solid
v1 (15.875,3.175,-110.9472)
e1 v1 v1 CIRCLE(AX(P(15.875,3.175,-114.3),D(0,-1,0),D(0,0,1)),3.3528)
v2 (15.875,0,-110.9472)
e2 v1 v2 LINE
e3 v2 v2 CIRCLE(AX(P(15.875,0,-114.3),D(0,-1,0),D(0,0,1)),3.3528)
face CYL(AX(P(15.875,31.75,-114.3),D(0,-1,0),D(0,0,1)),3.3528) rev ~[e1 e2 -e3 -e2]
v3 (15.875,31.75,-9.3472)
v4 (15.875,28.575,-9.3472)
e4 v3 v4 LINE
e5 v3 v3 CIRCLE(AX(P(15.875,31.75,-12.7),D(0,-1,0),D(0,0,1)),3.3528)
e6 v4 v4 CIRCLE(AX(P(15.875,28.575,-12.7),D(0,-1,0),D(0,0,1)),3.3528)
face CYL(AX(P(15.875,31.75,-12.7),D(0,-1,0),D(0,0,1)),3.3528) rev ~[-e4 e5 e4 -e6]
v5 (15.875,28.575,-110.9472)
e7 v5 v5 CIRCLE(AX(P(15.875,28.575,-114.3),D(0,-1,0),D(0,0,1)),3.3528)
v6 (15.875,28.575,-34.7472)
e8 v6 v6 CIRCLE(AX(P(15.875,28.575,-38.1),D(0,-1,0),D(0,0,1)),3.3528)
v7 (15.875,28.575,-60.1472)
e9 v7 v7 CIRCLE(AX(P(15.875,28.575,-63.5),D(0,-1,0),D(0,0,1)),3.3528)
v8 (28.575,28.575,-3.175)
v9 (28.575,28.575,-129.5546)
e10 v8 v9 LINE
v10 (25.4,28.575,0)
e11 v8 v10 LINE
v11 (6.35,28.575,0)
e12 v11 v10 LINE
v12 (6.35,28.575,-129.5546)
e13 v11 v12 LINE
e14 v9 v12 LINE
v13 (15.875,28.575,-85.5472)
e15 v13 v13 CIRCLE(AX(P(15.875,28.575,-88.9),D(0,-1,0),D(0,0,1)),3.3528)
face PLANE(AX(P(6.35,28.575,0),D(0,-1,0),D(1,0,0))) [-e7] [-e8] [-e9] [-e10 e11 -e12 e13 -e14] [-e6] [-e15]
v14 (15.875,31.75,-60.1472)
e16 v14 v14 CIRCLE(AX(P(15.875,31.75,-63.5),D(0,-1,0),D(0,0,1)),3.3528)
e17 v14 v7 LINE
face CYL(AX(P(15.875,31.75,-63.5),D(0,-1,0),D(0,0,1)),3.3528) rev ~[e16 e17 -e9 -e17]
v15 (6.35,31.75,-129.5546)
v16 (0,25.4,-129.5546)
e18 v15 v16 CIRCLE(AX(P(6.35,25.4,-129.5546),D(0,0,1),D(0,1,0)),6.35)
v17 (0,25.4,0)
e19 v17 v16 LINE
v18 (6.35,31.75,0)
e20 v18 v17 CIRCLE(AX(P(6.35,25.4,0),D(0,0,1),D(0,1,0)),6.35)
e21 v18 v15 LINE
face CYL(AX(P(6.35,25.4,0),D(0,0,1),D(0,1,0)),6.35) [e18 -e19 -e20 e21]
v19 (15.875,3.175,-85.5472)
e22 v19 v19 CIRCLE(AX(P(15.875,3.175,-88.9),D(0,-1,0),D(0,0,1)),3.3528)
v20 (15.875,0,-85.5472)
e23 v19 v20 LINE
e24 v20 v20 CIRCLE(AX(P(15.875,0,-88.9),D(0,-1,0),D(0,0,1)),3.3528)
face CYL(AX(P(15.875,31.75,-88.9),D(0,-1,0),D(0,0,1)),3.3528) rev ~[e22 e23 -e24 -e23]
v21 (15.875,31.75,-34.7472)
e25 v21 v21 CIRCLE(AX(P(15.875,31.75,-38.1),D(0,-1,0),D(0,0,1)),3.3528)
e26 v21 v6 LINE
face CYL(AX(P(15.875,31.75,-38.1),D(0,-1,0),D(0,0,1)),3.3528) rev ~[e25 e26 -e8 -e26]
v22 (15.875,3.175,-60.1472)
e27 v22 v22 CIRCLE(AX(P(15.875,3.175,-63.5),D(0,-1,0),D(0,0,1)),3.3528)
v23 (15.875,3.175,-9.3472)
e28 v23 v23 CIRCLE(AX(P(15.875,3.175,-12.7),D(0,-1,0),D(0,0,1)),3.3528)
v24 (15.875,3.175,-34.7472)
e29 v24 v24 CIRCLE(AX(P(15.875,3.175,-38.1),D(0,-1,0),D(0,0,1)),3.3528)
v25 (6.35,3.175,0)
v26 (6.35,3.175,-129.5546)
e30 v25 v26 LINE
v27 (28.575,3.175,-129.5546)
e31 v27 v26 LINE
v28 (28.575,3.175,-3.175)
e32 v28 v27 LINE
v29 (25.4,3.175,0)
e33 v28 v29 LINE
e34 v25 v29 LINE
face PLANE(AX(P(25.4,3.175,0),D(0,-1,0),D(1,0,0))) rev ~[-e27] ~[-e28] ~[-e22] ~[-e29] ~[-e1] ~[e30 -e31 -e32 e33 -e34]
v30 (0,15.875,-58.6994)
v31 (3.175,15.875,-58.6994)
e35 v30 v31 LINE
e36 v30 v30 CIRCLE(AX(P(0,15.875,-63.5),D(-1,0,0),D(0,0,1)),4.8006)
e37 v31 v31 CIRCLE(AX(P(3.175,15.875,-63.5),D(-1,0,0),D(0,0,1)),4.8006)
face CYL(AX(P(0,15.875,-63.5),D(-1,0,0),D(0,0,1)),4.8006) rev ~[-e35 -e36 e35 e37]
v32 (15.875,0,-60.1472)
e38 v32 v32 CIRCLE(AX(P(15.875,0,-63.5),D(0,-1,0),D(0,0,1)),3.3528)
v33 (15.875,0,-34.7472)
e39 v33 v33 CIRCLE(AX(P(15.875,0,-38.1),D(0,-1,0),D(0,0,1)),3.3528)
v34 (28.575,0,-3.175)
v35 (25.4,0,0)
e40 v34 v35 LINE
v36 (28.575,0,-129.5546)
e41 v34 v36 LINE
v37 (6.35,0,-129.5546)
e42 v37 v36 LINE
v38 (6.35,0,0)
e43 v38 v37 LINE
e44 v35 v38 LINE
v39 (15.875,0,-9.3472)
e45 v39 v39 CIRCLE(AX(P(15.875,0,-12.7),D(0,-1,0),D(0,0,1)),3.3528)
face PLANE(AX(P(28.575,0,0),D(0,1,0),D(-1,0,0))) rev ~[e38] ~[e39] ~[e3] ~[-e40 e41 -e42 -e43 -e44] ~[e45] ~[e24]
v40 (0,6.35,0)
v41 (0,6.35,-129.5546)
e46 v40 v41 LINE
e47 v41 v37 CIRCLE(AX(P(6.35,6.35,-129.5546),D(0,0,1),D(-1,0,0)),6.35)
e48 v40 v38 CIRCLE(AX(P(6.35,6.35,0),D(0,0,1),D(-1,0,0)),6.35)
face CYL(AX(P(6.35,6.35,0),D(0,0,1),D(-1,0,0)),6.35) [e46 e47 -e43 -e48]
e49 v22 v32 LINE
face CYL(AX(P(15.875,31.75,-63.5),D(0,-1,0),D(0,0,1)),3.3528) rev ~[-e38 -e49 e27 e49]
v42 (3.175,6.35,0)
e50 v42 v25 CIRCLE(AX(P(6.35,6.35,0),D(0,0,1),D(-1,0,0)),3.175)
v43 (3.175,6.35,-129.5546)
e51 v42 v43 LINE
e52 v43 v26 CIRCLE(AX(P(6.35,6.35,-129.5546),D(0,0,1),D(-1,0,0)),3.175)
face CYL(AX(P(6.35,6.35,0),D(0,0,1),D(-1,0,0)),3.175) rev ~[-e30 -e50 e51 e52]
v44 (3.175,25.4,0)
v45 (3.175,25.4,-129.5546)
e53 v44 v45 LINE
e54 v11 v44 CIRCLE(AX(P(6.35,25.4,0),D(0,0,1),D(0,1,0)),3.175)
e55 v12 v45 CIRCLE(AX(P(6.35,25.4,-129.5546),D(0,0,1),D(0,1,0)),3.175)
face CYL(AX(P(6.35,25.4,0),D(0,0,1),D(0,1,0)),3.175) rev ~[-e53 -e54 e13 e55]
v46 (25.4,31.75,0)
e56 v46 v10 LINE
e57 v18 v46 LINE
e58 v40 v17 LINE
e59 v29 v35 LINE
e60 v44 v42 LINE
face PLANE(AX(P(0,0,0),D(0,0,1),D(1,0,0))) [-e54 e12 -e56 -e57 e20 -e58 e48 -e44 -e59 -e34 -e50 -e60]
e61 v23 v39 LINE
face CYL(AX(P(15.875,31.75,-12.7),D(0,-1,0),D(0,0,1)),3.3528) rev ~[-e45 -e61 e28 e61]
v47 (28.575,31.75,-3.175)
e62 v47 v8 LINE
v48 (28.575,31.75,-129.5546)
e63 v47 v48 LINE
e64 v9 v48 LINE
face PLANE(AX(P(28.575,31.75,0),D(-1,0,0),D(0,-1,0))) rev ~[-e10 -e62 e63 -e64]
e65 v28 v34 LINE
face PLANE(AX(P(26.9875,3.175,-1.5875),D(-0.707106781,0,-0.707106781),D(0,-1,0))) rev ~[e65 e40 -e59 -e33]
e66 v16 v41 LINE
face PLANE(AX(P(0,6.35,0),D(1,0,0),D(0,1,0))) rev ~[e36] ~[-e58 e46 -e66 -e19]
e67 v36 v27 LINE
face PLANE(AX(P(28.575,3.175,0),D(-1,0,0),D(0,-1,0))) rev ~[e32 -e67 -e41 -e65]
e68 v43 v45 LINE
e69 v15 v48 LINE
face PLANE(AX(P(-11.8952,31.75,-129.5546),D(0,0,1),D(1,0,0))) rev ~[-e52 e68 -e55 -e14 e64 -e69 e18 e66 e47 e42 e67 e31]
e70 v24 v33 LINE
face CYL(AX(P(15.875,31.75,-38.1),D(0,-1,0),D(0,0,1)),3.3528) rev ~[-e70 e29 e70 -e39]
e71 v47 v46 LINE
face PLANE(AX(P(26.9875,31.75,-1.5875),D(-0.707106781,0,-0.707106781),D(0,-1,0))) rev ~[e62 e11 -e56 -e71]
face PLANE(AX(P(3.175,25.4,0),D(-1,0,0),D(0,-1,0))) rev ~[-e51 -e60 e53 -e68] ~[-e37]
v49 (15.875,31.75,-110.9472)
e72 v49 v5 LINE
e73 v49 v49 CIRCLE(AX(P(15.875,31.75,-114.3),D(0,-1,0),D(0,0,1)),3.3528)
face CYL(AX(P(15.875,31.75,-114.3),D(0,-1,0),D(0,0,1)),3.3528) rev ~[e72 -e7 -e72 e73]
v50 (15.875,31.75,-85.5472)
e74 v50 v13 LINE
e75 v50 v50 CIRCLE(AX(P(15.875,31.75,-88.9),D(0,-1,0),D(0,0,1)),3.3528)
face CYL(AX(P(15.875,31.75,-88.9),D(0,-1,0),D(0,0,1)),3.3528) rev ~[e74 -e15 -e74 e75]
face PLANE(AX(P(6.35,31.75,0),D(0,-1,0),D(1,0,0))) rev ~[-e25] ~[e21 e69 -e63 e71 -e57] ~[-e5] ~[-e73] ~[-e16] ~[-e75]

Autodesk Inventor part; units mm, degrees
ref_plane "YZ Plane" through (0, 0, 0) normal (1, 0, 0) x (0, 1, 0)
ref_plane "XZ Plane" through (0, 0, 0) normal (0, 1, 0) x (-1, 0, 0)
ref_plane "XY Plane" through (0, 0, 0) normal (0, 0, 1) x (1, 0, 0)
sketch "Sketch1" plane through (0, 0, 0) normal (0, 0, 1) x (1, 0, 0)
  line L0 (6.35, 28.575) -> (25.4, 28.575)
  line L1 (6.35, 31.75) -> (25.4, 31.75)
  line L2 (25.4, 0) -> (6.35, 0)
  arc A0 (0, 6.35) -> (6.35, 0) centre (6.35, 6.35) ccw
  line L3 (0, 6.35) -> (0, 25.4)
  arc A1 (6.35, 31.75) -> (0, 25.4) centre (6.35, 25.4) ccw
  line L4 (6.35, 31.75) -> (25.4, 31.75)
  line L5 (25.4, 28.575) -> (6.35, 28.575)
  arc A2 (6.35, 28.575) -> (3.175, 25.4) centre (6.35, 25.4) ccw
  line L6 (3.175, 25.4) -> (3.175, 6.35)
  arc A3 (3.175, 6.35) -> (6.35, 3.175) centre (6.35, 6.35) ccw
  line L7 (6.35, 3.175) -> (25.4, 3.175)
  line L8 (28.575, 3.175) -> (28.575, 0)
  line L9 (25.4, 31.75) -> (28.575, 31.75)
  line L10 (28.575, 28.575) -> (25.4, 28.575)
  line L11 (28.575, 31.75) -> (28.575, 28.575)
  line L12 (28.575, 0) -> (25.4, 0)
  line L13 (28.575, 3.175) -> (28.575, 0)
  line L14 (25.4, 3.175) -> (28.575, 3.175)
  point P0 (0, 0)
extrude "Extrusion1" add sketch "Sketch1" against normal blind 762
chamfer "Chamfer1" distance 3.175 angle 45 4 edges at (28.575, 30.1625, 0) (28.575, 1.5875, 0) (28.575, 30.1625, -762) (28.575, 1.5875, -762)
sketch "Sketch2" plane through (6.35, 31.75, 0) normal (0, 1, 0) x (1, 0, 0)
  line L0 (19.05, 0) -> (0, 0) projected
  line L1 (22.225, 3.175) -> (22.225, 758.825) projected
  point P0 (-6.35, 0)
  point P1 (9.525, 12.7)
  dimension "d5" = 12.7
  dimension "d6" = 12.7
hole "Hole1" at (15.875, 31.75, -12.7) direction (0, -1, 0) diameter 6.7056 end through all
pattern_linear "Rectangular Pattern1" count 30 spacing 25.4 along (0, 0, -1) of "Hole1"
sketch "Sketch3" plane through (0, 6.35, 0) normal (-1, 0, 0) x (0, 0, 1)
  line L0 (-0.2722, 19.0092) -> (-759.0056, 19.0092)
  line L1 (-759.0056, 19.0092) -> (-759.0056, 0.0408)
  line L2 (-0.2722, 0.0408) -> (-759.0056, 0.0408)
  line L3 (-0.2722, 0.0408) -> (-0.2722, 19.0092)
  circle A0 centre (-698.5852, 9.525) radius 4.78
  circle A1 centre (-111.2243, 9.525) radius 4.78
  circle A2 centre (-188.7416, 9.525) radius 3.6672
  circle A3 centre (-277.2605, 9.525) radius 3.6672
  circle A4 centre (-481.9921, 9.525) radius 3.6672
  circle A5 centre (-570.511, 9.525) radius 3.6672
  circle A6 centre (-469.3591, 9.525) radius 3.6672
  circle A7 centre (-583.1692, 9.525) radius 3.6672
  circle A8 centre (-289.9187, 9.525) radius 3.6672
  circle A9 centre (-176.1087, 9.525) radius 3.6672
  circle A10 centre (-551.6311, 9.525) radius 4.78
  circle A11 centre (-526.34, 9.525) radius 4.78
  circle A12 centre (-501.0489, 9.525) radius 4.78
  circle A13 centre (-258.2289, 9.525) radius 4.78
  circle A14 centre (-232.9378, 9.525) radius 4.78
  circle A15 centre (-207.6467, 9.525) radius 4.78
  circle A16 centre (-607.2589, 9.525) radius 1.5807
  circle A17 centre (-152.0189, 9.525) radius 1.5807
  circle A18 centre (-379.6389, 5.9842) radius 4.78
  circle A19 centre (-85.9332, 9.525) radius 4.78
  circle A20 centre (-673.294, 9.525) radius 4.78
  circle A21 centre (-648.0029, 9.525) radius 4.78
  circle A22 centre (-63.5, 9.525) radius 4.8006
  point P0 (0, -6.35)
  point P1 (-759.0056, -6.2819)
  dimension "d21" = 9.6012
extrude "Extrusion2" [suppressed]
sketch "Sketch4" plane through (6.35, 31.75, 0) normal (0, 1, 0) x (1, 0, 0)
  line L0 (-18.2452, 129.5546) -> (88.0083, 129.5546)
  line L1 (88.0083, 129.5546) -> (88.0083, 1027.7541)
  line L2 (88.0083, 1027.7541) -> (-18.2452, 1027.7541)
  line L3 (-18.2452, 1027.7541) -> (-18.2452, 129.5546)
  point P0 (-6.35, 0)
extrude "Extrusion3" cut sketch "Sketch4" against normal blind 50.8
sketch "Sketch5" plane through (0, 6.35, 0) normal (-1, 0, 0) x (0, 0, 1)
  circle A0 centre (-63.5, 9.525) radius 4.8006
  dimension "d23" = 9.6012
extrude "Extrusion4" cut sketch "Sketch5" against normal through all
properties part number "am-2222" material "Aluminum 6061"
